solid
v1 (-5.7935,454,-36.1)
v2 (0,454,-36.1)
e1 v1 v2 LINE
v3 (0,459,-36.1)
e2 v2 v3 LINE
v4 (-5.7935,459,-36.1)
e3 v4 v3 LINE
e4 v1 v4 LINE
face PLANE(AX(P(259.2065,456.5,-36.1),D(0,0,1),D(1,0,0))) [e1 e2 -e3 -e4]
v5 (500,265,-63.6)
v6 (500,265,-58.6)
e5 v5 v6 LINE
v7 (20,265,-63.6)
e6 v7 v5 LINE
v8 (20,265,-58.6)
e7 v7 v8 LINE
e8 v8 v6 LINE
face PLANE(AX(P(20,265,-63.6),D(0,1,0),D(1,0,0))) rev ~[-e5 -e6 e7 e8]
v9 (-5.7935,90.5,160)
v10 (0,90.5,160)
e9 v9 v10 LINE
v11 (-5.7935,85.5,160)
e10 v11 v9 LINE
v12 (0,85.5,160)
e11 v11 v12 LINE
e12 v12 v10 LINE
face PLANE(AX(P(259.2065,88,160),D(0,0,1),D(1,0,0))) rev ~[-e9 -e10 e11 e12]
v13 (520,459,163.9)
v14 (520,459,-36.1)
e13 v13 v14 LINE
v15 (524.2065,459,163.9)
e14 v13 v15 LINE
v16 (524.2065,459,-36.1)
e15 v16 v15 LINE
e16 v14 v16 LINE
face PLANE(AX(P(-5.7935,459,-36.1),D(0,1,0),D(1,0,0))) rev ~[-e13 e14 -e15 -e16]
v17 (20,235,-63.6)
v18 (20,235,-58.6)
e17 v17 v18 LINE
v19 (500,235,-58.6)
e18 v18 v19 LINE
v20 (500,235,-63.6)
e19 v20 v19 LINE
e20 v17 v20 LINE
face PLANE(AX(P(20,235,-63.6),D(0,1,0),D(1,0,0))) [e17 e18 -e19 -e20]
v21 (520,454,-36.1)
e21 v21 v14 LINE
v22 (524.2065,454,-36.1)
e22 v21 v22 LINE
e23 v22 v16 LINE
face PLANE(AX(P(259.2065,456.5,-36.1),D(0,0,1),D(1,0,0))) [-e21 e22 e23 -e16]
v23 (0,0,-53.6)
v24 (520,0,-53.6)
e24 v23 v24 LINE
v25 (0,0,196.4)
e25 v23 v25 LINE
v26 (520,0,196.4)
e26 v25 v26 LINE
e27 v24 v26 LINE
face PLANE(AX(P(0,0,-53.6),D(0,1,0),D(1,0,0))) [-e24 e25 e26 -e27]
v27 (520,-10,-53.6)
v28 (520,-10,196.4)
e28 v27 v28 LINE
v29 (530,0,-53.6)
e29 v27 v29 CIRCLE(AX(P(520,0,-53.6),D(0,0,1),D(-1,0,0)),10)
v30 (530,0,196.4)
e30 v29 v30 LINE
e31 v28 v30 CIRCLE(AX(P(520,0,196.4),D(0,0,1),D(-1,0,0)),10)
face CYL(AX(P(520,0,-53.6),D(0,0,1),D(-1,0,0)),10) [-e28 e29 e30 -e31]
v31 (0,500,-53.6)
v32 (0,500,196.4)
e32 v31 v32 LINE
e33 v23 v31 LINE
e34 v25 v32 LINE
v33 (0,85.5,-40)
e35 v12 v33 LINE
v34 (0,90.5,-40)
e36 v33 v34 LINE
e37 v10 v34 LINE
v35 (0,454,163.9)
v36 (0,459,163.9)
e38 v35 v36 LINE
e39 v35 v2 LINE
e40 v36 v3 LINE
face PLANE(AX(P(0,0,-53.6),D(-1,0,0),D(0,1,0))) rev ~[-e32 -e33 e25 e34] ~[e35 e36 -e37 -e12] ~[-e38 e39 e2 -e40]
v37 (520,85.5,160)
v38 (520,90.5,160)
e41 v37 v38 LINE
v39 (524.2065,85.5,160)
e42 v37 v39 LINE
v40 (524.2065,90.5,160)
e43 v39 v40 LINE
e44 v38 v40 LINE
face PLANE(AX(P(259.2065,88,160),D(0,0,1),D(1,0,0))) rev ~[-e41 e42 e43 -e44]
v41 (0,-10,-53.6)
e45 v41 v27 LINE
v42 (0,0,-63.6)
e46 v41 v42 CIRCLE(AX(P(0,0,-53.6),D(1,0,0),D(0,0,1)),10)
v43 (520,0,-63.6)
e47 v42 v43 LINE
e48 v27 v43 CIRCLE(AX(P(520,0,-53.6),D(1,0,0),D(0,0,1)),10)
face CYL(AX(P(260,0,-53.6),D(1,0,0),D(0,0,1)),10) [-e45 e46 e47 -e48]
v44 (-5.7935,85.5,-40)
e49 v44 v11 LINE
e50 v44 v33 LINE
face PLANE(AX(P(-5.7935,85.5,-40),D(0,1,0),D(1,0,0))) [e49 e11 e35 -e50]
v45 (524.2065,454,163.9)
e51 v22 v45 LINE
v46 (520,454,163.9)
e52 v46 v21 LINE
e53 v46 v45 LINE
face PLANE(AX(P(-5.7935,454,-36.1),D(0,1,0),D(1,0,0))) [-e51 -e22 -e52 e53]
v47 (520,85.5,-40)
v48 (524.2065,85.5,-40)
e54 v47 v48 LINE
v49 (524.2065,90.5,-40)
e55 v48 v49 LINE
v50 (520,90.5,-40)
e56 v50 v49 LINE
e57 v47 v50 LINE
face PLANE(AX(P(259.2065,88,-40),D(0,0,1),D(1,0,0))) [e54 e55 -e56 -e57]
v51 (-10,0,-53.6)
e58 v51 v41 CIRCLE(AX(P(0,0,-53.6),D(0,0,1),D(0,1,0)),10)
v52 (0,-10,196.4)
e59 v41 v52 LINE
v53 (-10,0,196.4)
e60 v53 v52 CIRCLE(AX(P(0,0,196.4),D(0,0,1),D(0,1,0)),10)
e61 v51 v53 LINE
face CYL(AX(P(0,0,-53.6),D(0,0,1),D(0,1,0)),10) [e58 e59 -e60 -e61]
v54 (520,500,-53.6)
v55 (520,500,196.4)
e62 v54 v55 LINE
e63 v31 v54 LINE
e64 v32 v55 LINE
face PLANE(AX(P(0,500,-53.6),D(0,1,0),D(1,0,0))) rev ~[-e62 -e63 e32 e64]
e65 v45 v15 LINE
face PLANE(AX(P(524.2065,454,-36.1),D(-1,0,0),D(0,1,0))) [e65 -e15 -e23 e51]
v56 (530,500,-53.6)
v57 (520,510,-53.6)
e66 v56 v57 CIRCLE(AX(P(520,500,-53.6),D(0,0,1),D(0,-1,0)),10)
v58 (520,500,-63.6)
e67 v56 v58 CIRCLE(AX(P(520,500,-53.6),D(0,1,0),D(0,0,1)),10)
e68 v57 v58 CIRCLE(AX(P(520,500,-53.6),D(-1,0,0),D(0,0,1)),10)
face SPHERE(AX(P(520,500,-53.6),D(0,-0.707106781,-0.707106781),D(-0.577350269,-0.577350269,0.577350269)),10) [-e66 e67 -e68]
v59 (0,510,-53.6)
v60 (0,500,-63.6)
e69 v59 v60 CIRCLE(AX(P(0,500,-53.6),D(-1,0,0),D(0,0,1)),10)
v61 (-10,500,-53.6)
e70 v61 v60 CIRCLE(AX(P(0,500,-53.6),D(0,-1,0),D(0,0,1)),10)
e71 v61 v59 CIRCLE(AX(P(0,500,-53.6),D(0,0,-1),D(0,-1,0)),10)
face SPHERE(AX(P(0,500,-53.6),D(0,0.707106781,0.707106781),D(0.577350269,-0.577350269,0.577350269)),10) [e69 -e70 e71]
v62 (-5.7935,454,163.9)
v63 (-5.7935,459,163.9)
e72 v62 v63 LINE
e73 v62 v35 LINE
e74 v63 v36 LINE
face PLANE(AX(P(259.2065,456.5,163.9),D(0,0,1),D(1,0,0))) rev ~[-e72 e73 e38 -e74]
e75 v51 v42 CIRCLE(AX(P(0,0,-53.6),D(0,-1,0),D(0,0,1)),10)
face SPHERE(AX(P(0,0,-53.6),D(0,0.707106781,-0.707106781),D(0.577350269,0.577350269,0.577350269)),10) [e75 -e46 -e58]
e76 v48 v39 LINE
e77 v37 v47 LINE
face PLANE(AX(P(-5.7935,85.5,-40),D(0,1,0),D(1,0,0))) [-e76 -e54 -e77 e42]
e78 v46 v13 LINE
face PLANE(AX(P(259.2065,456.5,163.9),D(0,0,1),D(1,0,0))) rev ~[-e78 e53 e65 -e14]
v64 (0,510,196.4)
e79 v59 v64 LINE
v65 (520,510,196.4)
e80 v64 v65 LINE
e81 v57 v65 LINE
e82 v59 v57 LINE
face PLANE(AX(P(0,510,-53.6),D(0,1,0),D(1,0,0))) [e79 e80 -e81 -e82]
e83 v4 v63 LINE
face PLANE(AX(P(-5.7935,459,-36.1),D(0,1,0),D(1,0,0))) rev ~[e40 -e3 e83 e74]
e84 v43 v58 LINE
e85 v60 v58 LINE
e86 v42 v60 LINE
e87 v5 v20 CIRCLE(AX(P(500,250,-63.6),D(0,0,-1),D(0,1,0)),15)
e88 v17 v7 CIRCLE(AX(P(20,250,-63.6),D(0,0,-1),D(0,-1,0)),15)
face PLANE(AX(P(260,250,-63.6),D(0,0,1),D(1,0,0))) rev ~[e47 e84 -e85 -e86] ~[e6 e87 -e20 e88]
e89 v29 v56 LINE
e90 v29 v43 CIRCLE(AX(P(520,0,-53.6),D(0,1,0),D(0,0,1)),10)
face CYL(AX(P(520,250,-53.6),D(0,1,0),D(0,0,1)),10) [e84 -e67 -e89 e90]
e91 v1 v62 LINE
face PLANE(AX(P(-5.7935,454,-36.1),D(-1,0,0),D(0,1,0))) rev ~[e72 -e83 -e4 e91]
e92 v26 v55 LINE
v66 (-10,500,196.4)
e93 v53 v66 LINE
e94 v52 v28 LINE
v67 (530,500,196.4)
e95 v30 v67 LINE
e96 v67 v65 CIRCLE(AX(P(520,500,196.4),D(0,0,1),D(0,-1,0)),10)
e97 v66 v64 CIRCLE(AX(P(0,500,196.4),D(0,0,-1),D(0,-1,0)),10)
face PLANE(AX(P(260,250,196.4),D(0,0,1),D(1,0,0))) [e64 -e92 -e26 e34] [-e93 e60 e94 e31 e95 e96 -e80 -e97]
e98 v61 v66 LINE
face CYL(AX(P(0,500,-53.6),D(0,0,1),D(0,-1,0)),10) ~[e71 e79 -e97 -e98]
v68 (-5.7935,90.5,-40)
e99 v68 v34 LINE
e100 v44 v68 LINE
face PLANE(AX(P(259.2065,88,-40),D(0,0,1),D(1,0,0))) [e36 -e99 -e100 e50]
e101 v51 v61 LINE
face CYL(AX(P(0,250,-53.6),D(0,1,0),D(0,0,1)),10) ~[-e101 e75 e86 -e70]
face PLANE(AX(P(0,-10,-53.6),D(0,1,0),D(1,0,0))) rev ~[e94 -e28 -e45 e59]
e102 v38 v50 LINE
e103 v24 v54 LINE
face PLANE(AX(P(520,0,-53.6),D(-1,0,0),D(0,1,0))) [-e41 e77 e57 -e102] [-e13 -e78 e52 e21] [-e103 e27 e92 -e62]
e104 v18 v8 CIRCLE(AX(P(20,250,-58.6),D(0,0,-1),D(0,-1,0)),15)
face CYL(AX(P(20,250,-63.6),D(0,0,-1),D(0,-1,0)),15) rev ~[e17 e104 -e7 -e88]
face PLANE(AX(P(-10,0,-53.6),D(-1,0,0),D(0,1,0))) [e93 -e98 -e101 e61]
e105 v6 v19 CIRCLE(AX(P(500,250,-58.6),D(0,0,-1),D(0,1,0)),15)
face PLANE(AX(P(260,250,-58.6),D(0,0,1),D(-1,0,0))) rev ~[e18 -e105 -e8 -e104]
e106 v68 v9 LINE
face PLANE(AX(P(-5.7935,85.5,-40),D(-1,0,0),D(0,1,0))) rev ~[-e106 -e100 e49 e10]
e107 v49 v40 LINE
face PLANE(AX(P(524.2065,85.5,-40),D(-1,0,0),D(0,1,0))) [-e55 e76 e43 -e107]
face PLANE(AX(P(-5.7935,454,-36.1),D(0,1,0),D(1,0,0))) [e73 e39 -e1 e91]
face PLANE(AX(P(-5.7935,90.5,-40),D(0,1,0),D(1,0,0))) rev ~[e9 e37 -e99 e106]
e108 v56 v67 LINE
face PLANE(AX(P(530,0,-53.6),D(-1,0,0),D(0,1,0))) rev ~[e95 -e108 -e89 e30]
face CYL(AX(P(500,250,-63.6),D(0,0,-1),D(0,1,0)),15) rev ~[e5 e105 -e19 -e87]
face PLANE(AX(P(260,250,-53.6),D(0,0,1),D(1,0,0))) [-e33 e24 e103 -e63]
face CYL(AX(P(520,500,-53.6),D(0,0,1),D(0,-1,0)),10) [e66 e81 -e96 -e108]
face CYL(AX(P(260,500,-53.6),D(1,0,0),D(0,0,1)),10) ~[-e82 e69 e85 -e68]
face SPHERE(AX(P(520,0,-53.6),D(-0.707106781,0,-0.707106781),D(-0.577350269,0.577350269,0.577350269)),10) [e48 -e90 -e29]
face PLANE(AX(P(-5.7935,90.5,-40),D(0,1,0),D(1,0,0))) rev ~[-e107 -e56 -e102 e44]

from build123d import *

# Parameters (mm, degrees)
EXTRUDE_DEPTH  = 5
BOX019_W       = 530
BOX019_H       = 5
BOX019_DEPTH   = 200
BOX020_W       = 530
BOX020_H       = 5
BOX020_DEPTH   = 200
BOX021_W       = 520
BOX021_H       = 500
BOX021_DEPTH   = 250
THICKNESS001_T = 10


with BuildPart() as extrude_body:
    # Sketch (on Face43 of Cut004) → Extrude (new body)
    with BuildSketch(Plane(origin=(0, 0, -63.6), x_dir=(1, 0, 0), z_dir=(0, 0, -1))):
        with BuildLine():
            Line((20, -235), (500, -235))
            ThreePointArc((500, -265), (515, -250), (500, -235))
            Line((20, -265), (500, -265))
            ThreePointArc((20, -235), (5, -250), (20, -265))
        make_face()
    extrude(amount=-EXTRUDE_DEPTH)


with BuildPart() as supportrail003:
    # Box019 → Box019 (new body)
    with BuildSketch(Plane(origin=(-5.7935, 85.5, 13.6), x_dir=(1, 0, 0), z_dir=(0, 0, 1))):
        with Locations((265, 2.5)):
            Rectangle(BOX019_W, BOX019_H)
    extrude(amount=BOX019_DEPTH)


with BuildPart() as supportrail004:
    # Box020 → Box020 (new body)
    with BuildSketch(Plane(origin=(-5.7935, 454, 17.5), x_dir=(1, 0, 0), z_dir=(0, 0, 1))):
        with Locations((265, 2.5)):
            Rectangle(BOX020_W, BOX020_H)
    extrude(amount=BOX020_DEPTH)


with BuildPart() as box:
    # Box021 → Box021 (new body)
    with BuildSketch(Plane.XY):
        with Locations((260, 250)):
            Rectangle(BOX021_W, BOX021_H)
    extrude(amount=BOX021_DEPTH)

    # Thickness001
    thickness001_openings = [box.faces().sort_by_distance(p)[0] for p in [
        (260, 250, 250),
    ]]
    offset(amount=THICKNESS001_T, openings=thickness001_openings)

    # Cut003: cut SupportRail004
    add(supportrail004.part, mode=Mode.SUBTRACT)

    # Cut004: cut SupportRail003
    add(supportrail003.part, mode=Mode.SUBTRACT)


with BuildPart() as box_1:
    # Cut004 placement: moved
    add(box.part.moved(Location((0, 0, -53.6))))

    # Cut005: cut Extrude body
    add(extrude_body.part, mode=Mode.SUBTRACT)


solid = box_1.part
